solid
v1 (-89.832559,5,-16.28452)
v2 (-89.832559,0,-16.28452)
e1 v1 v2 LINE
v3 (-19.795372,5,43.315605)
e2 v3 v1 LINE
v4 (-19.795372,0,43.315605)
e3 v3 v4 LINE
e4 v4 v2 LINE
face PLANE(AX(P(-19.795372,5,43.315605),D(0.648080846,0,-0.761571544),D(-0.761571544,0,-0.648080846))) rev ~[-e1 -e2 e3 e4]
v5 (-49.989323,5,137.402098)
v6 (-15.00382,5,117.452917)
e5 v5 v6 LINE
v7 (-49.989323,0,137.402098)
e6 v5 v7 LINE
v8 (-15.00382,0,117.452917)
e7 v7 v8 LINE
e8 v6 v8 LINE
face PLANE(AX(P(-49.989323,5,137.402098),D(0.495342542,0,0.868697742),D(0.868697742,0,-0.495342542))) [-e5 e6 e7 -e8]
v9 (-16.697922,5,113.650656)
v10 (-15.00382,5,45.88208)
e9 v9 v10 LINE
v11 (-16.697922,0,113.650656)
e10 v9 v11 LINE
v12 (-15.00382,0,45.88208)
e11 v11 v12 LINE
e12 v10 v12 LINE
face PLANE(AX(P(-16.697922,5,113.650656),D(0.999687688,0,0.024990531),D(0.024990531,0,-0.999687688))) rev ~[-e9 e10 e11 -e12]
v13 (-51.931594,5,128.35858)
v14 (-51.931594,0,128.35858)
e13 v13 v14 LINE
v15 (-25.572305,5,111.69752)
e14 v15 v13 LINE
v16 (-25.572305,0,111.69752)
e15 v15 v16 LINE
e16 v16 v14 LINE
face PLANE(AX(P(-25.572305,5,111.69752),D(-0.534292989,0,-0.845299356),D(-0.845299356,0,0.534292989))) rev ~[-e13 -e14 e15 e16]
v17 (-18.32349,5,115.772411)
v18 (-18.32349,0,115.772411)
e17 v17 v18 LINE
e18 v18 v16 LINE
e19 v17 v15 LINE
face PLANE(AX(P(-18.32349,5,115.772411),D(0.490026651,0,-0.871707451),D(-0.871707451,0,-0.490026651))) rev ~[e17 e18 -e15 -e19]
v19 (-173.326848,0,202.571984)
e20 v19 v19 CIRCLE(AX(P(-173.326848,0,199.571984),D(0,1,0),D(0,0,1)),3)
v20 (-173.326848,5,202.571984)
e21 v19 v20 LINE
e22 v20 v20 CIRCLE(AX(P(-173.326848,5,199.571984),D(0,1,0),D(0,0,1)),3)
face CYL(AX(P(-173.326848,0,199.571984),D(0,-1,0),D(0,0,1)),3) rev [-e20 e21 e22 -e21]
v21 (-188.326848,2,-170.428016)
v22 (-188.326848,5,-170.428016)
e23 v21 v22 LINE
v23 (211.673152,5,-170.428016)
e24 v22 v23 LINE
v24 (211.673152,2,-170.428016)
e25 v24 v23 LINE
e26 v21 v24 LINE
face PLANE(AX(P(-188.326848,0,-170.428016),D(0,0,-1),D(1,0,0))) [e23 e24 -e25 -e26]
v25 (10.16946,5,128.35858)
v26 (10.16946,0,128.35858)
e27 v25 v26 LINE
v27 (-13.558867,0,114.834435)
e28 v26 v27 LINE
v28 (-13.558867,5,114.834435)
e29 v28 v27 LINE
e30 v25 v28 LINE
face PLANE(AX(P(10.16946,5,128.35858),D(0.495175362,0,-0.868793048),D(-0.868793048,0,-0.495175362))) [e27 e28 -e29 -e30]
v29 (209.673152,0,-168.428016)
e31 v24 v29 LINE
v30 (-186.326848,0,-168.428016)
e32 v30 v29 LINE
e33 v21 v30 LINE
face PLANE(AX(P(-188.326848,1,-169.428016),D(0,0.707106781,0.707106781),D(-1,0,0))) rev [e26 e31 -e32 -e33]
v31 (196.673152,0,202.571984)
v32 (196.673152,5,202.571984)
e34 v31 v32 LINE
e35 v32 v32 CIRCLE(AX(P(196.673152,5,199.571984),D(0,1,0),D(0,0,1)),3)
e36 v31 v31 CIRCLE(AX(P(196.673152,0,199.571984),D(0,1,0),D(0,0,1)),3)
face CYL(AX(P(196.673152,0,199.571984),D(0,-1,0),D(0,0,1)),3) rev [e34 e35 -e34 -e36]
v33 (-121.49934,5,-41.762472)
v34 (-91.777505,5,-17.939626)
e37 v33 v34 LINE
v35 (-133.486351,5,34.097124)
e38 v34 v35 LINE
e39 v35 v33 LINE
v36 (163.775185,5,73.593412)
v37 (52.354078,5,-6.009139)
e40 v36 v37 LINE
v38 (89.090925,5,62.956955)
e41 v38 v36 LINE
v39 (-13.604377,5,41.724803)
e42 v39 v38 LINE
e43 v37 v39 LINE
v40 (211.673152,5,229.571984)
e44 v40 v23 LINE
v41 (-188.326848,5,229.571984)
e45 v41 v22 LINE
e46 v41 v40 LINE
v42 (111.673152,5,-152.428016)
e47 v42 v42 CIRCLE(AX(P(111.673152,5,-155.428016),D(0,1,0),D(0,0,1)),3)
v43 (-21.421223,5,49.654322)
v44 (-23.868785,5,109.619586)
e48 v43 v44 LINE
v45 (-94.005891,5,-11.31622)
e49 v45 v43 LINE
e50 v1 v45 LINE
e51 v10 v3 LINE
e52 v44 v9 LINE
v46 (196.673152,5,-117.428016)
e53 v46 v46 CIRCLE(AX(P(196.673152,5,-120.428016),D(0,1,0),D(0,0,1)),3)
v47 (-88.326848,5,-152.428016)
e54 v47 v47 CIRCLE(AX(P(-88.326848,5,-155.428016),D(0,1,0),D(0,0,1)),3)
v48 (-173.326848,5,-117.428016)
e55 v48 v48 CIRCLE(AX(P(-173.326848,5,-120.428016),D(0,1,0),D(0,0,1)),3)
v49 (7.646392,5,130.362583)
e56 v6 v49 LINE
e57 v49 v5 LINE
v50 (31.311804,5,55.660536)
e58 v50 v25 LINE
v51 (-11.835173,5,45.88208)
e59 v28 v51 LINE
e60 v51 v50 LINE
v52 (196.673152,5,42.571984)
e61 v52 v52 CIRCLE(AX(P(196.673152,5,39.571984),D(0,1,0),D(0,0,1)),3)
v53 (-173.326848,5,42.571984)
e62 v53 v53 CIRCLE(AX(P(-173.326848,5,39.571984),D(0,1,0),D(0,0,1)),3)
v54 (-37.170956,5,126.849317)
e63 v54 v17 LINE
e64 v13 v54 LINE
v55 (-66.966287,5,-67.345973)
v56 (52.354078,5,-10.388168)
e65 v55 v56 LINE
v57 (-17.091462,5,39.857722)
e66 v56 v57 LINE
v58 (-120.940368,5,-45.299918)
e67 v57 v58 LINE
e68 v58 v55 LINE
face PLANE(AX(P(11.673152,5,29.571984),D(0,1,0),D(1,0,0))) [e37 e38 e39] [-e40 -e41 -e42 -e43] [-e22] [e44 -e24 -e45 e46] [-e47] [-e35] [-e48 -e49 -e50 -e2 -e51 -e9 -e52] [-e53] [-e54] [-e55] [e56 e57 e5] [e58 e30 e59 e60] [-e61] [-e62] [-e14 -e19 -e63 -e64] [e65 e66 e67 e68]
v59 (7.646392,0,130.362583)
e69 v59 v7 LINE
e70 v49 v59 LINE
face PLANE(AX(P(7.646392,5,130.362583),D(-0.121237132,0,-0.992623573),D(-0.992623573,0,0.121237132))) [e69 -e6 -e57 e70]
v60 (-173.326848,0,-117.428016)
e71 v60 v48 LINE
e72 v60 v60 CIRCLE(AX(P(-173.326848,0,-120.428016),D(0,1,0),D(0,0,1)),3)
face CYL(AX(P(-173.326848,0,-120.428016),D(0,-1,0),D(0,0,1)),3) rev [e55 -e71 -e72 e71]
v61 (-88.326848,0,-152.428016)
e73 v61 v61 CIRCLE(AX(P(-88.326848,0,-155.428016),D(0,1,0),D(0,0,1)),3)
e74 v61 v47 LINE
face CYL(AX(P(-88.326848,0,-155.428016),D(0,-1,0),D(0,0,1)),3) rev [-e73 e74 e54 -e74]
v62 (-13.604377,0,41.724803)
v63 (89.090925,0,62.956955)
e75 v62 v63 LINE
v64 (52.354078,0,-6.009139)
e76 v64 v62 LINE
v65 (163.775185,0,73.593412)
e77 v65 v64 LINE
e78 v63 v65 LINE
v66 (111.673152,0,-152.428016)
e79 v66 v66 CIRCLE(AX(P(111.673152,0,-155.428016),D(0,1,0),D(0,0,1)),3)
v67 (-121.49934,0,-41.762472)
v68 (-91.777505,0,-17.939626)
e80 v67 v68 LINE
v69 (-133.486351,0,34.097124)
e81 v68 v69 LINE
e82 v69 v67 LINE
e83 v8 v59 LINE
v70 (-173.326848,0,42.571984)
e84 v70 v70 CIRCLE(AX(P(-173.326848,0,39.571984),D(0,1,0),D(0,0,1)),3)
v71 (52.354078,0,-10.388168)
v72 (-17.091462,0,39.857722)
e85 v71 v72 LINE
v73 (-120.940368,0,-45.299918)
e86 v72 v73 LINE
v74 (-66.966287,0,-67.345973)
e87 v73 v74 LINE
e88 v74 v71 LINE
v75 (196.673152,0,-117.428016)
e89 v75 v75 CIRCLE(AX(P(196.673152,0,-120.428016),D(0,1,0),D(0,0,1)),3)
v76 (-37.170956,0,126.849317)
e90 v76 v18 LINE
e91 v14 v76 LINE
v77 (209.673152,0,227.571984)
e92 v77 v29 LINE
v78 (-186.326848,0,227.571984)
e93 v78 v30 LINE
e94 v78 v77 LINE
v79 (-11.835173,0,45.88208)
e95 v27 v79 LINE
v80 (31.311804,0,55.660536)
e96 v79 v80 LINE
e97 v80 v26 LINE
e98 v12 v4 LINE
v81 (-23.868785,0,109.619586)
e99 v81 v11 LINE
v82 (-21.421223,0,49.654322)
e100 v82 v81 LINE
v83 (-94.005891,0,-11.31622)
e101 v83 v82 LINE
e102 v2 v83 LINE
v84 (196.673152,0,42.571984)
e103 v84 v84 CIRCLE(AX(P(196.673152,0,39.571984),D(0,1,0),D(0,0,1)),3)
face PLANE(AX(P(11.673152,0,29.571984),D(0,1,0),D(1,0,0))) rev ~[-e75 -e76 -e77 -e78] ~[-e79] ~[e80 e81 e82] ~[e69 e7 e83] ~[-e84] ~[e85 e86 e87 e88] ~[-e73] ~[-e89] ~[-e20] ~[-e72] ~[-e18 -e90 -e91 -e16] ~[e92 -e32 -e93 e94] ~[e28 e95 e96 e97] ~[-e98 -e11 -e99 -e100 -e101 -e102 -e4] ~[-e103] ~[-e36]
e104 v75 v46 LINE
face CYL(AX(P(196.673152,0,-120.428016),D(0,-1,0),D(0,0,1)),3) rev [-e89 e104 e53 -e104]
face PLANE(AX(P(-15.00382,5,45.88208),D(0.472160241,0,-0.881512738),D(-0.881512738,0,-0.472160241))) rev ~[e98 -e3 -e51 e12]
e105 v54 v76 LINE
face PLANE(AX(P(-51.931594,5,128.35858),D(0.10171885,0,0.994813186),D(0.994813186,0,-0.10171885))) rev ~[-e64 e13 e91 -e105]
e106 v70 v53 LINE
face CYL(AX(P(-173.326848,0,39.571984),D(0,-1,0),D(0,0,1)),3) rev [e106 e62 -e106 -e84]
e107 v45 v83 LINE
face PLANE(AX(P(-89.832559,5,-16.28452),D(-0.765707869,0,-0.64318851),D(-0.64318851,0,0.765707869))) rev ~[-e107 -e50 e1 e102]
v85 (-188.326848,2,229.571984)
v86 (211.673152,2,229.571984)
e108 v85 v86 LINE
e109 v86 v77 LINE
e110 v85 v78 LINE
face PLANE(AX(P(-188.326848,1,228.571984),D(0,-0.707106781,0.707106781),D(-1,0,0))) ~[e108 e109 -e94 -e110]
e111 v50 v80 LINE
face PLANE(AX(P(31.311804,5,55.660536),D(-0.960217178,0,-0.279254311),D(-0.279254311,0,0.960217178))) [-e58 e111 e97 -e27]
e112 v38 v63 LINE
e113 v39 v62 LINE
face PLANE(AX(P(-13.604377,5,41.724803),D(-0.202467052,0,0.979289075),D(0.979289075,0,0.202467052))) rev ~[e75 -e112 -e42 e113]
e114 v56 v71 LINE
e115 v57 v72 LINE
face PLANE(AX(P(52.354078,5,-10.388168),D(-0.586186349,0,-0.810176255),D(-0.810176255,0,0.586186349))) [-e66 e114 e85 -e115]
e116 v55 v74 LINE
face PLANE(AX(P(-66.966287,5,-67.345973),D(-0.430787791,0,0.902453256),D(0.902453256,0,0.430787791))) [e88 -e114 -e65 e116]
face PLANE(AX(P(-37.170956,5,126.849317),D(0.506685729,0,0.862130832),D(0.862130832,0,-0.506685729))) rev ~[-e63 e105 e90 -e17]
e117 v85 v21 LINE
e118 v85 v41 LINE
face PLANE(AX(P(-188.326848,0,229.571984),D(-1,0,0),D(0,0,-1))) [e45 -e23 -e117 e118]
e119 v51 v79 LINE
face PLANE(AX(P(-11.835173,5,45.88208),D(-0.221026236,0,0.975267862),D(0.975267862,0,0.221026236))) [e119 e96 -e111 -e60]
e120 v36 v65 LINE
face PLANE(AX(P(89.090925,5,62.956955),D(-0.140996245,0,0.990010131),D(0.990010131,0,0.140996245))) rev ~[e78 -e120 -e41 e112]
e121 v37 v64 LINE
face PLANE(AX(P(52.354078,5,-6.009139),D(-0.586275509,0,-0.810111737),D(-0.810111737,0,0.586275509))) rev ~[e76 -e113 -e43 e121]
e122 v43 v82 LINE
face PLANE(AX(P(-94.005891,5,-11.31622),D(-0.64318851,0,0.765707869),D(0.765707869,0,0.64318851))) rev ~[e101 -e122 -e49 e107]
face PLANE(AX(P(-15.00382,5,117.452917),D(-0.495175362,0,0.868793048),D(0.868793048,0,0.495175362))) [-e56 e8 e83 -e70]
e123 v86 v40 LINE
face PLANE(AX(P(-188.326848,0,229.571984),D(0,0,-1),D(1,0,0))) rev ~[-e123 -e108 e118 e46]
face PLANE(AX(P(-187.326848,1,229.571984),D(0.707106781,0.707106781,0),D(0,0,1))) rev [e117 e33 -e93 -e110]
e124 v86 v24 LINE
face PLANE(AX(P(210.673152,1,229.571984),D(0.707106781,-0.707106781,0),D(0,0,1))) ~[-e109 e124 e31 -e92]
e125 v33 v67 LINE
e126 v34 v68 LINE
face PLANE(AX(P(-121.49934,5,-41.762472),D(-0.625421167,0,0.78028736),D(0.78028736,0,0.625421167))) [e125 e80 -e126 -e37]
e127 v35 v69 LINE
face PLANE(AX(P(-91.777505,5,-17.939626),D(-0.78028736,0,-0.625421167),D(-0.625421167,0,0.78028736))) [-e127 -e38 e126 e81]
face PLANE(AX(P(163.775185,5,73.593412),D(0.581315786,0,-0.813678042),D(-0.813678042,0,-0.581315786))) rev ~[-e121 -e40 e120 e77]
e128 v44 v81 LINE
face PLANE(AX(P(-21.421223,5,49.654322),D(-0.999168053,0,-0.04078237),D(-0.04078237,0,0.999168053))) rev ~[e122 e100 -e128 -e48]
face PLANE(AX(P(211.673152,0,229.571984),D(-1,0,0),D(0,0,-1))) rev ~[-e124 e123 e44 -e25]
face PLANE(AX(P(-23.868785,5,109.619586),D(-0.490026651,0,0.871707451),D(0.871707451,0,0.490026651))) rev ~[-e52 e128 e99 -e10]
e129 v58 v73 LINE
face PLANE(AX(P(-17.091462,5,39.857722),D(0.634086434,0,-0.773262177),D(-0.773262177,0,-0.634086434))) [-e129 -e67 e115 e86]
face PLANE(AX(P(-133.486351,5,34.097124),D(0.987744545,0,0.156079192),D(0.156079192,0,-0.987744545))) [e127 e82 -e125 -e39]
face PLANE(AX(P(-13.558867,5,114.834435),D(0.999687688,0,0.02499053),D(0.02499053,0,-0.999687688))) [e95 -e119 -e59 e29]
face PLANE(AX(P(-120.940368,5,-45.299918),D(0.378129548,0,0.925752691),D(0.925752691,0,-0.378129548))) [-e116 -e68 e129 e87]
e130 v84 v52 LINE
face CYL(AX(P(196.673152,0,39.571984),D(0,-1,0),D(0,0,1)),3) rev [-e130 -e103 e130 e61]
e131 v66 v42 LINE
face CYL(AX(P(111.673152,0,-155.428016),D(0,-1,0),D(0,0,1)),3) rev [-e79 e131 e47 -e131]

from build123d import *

# Parameters (mm, degrees)
CROQUIS1_W              = 400
CROQUIS1_H              = 400
CROQUIS1_R              = 3
SALIENTE_EXTRUIR1_DEPTH = 5
CHAFL_N1_SIZE           = 2
CORTAR_EXTRUIR1_DEPTH   = 10


with BuildPart() as part:
    # Croquis1 → Saliente-Extruir1 (new body)
    with BuildSketch(Plane(origin=(0, 0, 0), x_dir=(1, 0, 0), z_dir=(0, 1, 0))):
        with Locations((11.673151751, -29.571984436)):
            Rectangle(CROQUIS1_W, CROQUIS1_H)
        with Locations(Location((-173.326848249, 120.428015564, 0), (0, 0, 270))):
            Circle(CROQUIS1_R, mode=Mode.SUBTRACT)
        with Locations(Location((-173.326848249, -199.571984436, 0), (0, 0, 270))):
            Circle(CROQUIS1_R, mode=Mode.SUBTRACT)
        with Locations(Location((196.673151751, -199.571984436, 0), (0, 0, 270))):
            Circle(CROQUIS1_R, mode=Mode.SUBTRACT)
        with Locations(Location((196.673151751, 120.428015564, 0), (0, 0, 270))):
            Circle(CROQUIS1_R, mode=Mode.SUBTRACT)
        with Locations(Location((-173.326848249, -39.571984436, 0), (0, 0, 270))):
            Circle(CROQUIS1_R, mode=Mode.SUBTRACT)
        with Locations(Location((196.673151751, -39.571984436, 0), (0, 0, 270))):
            Circle(CROQUIS1_R, mode=Mode.SUBTRACT)
        with Locations(Location((-88.326848249, 155.428015564, 0), (0, 0, 270))):
            Circle(CROQUIS1_R, mode=Mode.SUBTRACT)
        with Locations(Location((111.673151751, 155.428015564, 0), (0, 0, 270))):
            Circle(CROQUIS1_R, mode=Mode.SUBTRACT)
    extrude(amount=SALIENTE_EXTRUIR1_DEPTH)

    # Chaflán1
    chafl_n1_edges = [part.edges().sort_by_distance(p)[0] for p in [
        (11.673151751, 0, -170.428015564),
        (211.673151751, 0, 29.571984436),
        (11.673151751, 0, 229.571984436),
        (-188.326848249, 0, 29.571984436),
    ]]
    chamfer(chafl_n1_edges, length=CHAFL_N1_SIZE)

    # Croquis2 → Cortar-Extruir1 (cut)
    with BuildSketch(Plane(origin=(0, 5, 0), x_dir=(1, 0, 0), z_dir=(0, 1, 0))):
        Polygon((-91.777504567, 17.93962644), (-133.486350664, -34.097124404), (-121.499339941, 41.762471587), align=None)
        Polygon((-120.940367697, 45.29991804), (-66.966286679, 67.345973172), (52.354078092, 10.388168385), (-17.091461921, -39.85772233), align=None)
        Polygon((163.775185266, -73.593412395), (52.354078092, 6.009139456), (-13.604376997, -41.724802745), (89.090925469, -62.956955386), align=None)
        Polygon((31.311804468, -55.660536224), (10.169460209, -128.358580052), (-13.558867473, -114.834434958), (-11.835173214, -45.882080038), align=None)
        Polygon((7.646392173, -130.362582514), (-49.989323249, -137.40209781), (-15.003820451, -117.452917491), align=None)
        Polygon((-94.005890503, 11.316220426), (-21.421222894, -49.654322149), (-23.868784692, -109.619586204), (-16.697922209, -113.650656174), (-15.003820451, -45.882080038), (-19.79537186, -43.31560542), (-89.832558674, 16.28451972), align=None)
        Polygon((-25.572304789, -111.697520158), (-51.931593577, -128.358580052), (-37.17095608, -126.84931671), (-18.323489891, -115.772410748), align=None)
    extrude(amount=-CORTAR_EXTRUIR1_DEPTH, mode=Mode.SUBTRACT)


solid = part.part
